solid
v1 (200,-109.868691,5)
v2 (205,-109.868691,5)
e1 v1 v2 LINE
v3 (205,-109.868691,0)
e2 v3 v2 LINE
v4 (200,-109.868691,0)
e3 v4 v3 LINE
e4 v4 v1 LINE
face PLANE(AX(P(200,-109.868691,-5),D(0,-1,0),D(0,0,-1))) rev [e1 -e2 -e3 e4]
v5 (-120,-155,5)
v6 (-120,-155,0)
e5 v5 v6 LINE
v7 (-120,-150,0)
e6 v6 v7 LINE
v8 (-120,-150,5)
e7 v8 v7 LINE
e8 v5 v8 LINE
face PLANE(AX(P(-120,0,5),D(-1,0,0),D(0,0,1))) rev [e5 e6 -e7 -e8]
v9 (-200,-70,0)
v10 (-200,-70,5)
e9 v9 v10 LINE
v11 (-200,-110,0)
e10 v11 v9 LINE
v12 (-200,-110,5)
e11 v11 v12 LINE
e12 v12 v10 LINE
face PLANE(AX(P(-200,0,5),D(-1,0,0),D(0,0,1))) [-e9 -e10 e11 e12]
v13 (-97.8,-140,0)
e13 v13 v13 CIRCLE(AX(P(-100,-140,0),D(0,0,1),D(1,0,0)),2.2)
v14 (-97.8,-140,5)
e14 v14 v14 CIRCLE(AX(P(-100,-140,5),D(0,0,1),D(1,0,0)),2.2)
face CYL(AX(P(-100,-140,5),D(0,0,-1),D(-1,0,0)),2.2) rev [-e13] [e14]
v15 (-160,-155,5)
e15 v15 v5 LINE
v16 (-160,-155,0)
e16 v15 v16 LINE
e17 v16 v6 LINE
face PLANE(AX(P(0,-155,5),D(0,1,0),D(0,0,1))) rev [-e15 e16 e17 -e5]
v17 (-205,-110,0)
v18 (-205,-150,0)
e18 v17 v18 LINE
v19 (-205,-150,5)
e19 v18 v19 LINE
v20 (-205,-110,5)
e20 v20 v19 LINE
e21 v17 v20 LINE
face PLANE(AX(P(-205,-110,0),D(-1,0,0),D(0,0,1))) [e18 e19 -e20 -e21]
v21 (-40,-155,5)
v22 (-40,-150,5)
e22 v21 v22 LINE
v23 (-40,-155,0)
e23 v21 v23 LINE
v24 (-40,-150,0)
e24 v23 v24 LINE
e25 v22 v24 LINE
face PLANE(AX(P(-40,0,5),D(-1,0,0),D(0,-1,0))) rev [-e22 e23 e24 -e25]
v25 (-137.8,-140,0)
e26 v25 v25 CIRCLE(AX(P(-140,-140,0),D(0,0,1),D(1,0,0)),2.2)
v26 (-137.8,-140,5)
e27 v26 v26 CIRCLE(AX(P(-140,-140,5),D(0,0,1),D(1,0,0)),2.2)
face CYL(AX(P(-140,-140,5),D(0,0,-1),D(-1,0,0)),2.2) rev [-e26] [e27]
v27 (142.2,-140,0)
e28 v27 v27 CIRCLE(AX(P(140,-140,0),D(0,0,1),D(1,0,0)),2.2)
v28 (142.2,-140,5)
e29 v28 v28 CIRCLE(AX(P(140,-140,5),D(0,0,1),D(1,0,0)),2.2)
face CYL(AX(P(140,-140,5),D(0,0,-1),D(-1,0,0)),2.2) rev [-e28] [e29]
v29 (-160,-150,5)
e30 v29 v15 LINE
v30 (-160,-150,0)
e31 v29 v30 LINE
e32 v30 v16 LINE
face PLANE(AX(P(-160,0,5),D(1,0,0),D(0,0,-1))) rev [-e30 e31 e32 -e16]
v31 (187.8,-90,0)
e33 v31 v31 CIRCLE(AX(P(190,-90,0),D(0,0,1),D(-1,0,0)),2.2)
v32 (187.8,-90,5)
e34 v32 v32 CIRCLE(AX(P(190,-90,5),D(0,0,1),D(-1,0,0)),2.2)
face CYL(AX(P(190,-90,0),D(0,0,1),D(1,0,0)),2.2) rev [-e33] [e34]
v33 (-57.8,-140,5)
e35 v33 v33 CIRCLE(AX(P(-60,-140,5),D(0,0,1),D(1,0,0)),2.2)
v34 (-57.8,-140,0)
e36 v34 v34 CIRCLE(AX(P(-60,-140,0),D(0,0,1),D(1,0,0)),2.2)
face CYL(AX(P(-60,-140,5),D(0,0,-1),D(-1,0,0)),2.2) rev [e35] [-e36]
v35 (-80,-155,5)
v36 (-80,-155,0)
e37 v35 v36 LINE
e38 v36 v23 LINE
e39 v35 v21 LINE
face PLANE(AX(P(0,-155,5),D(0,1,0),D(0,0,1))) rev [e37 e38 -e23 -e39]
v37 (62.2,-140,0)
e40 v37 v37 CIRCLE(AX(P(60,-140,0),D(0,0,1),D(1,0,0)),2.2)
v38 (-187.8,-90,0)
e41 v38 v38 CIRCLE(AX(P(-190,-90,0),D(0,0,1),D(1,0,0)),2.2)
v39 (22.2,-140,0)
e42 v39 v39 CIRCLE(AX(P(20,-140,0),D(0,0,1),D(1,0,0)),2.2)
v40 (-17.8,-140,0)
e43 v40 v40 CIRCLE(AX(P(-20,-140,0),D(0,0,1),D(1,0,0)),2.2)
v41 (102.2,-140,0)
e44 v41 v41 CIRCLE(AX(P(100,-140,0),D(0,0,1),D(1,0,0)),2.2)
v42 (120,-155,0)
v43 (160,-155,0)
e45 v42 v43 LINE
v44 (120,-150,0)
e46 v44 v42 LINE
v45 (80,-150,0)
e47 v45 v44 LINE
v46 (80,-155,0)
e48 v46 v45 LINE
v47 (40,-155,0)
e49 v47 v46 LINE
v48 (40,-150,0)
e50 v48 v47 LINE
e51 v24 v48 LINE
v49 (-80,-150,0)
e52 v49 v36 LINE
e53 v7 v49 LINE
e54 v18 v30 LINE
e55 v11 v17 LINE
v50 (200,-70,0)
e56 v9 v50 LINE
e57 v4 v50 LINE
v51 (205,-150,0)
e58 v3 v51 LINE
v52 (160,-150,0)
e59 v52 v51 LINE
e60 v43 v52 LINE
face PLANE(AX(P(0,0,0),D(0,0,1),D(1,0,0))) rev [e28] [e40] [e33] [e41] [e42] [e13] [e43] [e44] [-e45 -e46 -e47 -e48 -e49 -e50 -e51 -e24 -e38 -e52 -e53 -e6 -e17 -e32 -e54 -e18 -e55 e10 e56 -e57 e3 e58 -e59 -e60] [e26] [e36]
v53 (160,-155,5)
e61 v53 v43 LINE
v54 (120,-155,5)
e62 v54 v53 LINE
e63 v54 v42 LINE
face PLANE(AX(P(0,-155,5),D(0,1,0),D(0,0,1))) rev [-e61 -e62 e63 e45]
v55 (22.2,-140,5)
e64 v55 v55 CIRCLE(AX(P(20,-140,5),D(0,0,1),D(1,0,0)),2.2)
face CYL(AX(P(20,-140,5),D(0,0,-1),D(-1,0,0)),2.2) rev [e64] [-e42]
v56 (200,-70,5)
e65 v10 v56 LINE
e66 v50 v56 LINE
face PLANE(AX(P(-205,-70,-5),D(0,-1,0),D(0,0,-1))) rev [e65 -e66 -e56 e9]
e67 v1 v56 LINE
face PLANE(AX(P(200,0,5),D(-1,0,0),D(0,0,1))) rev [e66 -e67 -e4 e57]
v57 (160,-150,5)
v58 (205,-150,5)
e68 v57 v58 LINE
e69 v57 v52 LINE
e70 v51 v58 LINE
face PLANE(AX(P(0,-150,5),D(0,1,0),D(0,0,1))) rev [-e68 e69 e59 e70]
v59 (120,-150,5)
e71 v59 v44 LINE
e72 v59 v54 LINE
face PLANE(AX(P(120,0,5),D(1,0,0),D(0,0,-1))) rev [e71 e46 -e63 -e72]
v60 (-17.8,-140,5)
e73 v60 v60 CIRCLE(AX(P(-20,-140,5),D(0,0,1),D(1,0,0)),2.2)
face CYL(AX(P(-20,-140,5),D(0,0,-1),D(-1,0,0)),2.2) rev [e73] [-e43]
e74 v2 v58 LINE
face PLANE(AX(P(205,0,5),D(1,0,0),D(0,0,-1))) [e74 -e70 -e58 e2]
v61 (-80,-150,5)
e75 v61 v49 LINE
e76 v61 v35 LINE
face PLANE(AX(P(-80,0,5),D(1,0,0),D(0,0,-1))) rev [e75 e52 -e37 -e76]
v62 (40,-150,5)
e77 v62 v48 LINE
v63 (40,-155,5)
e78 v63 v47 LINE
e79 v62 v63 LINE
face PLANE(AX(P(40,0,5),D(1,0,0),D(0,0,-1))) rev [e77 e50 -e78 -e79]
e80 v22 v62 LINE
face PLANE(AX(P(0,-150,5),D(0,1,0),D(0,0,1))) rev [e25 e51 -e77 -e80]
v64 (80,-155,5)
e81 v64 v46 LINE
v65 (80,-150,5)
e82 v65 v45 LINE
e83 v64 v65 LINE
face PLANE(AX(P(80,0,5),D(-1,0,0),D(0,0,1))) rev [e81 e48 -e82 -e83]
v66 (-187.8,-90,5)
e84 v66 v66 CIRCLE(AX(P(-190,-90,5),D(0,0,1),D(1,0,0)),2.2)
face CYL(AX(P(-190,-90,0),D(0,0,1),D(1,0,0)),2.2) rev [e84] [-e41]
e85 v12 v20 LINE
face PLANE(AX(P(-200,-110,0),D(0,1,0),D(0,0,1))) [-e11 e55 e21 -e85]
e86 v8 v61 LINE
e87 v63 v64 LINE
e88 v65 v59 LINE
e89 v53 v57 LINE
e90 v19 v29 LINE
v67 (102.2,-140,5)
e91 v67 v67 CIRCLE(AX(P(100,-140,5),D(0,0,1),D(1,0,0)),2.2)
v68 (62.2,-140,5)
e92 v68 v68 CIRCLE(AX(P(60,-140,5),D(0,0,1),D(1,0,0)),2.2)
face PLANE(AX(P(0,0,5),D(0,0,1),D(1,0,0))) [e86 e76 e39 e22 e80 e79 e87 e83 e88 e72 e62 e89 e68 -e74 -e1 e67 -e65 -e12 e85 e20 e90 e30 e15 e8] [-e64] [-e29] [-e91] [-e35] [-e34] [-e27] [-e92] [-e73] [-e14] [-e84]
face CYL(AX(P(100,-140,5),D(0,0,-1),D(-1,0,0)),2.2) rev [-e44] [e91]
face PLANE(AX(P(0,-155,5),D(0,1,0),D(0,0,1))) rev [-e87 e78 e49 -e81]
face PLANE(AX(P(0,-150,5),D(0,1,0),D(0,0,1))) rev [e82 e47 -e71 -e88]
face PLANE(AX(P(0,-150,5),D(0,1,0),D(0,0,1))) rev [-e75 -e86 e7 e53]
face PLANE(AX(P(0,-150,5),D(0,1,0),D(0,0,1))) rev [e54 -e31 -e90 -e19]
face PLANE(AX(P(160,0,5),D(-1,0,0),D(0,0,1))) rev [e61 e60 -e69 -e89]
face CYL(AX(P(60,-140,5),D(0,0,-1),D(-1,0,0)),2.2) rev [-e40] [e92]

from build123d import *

# Parameters (mm, degrees)
SKETCH_1_R          = 2.2
EXTRUDE_1_DEPTH     = 5
SKETCH_2_W          = 5
SKETCH_2_H          = 220.282443136
SKETCH_2_H_2        = 219.868690955
CUT_EXTRUDE_1_DEPTH = 10
SKETCH_3_W          = 5
SKETCH_3_H          = 40
EXTRUDE_3_DEPTH     = 5
SKETCH_4_W          = 390.4211829
SKETCH_4_H          = 264.690207343
EXTRUDE_4_DEPTH     = 5
SKETCH_5_R          = 2.2
CUT_EXTRUDE_2_DEPTH = 5
SKETCH_6_W          = 410
SKETCH_6_H          = 266.694039068
CUT_EXTRUDE_4_DEPTH = 10


with BuildPart() as part:
    # 草图1 → 凸台-拉伸1 (new body)
    with BuildSketch(Plane.XY):
        Polygon((-200, 150), (200, 150), (200, 110), (205, 110), (205, 70), (200, 70), (200, 30), (205, 30), (205, -30), (200, -30), (200, -70), (205, -70), (205, -110), (200, -110), (200, -150), (160, -150), (160, -155), (120, -155), (120, -150), (80, -150), (80, -155), (40, -155), (40, -150), (-40, -150), (-40, -155), (-80, -155), (-80, -150), (-120, -150), (-120, -155), (-160, -155), (-160, -150), (-200, -150), (-200, -110), (-205, -110), (-205, -70), (-200, -70), (-200, -30), (-205, -30), (-205, 30), (-200, 30), (-200, 70), (-205, 70), (-205, 110), (-200, 110), align=None)
        with Locations((-140, -140)):
            Circle(SKETCH_1_R, mode=Mode.SUBTRACT)
        with Locations((-100, -140)):
            Circle(SKETCH_1_R, mode=Mode.SUBTRACT)
        with Locations((-60, -140)):
            Circle(SKETCH_1_R, mode=Mode.SUBTRACT)
        with Locations((-20, -140)):
            Circle(SKETCH_1_R, mode=Mode.SUBTRACT)
        with Locations((20, -140)):
            Circle(SKETCH_1_R, mode=Mode.SUBTRACT)
        with Locations((60, -140)):
            Circle(SKETCH_1_R, mode=Mode.SUBTRACT)
        with Locations((100, -140)):
            Circle(SKETCH_1_R, mode=Mode.SUBTRACT)
        with Locations((140, -140)):
            Circle(SKETCH_1_R, mode=Mode.SUBTRACT)
        with Locations((-190, 110)):
            Circle(SKETCH_1_R, mode=Mode.SUBTRACT)
        with Locations((-190, 70)):
            Circle(SKETCH_1_R, mode=Mode.SUBTRACT)
        with Locations((-190, 30)):
            Circle(SKETCH_1_R, mode=Mode.SUBTRACT)
        with Locations((-190, -30)):
            Circle(SKETCH_1_R, mode=Mode.SUBTRACT)
        with Locations((-190, -70)):
            Circle(SKETCH_1_R, mode=Mode.SUBTRACT)
        with Locations((-190, -110)):
            Circle(SKETCH_1_R, mode=Mode.SUBTRACT)
        with Locations((190, -110)):
            Circle(SKETCH_1_R, mode=Mode.SUBTRACT)
        with Locations((190, -70)):
            Circle(SKETCH_1_R, mode=Mode.SUBTRACT)
        with Locations((190, -30)):
            Circle(SKETCH_1_R, mode=Mode.SUBTRACT)
        with Locations((190, 30)):
            Circle(SKETCH_1_R, mode=Mode.SUBTRACT)
        with Locations((190, 70)):
            Circle(SKETCH_1_R, mode=Mode.SUBTRACT)
        with Locations((190, 110)):
            Circle(SKETCH_1_R, mode=Mode.SUBTRACT)
    extrude(amount=EXTRUDE_1_DEPTH)

    # 草图2 → 切除-拉伸1 (cut)
    with BuildSketch(Plane.XY.offset(5)):
        with Locations((-202.5, -0.141221568)):
            Rectangle(SKETCH_2_W, SKETCH_2_H)
        with Locations((202.5, 0.065654522)):
            Rectangle(SKETCH_2_W, SKETCH_2_H_2)
    extrude(amount=-CUT_EXTRUDE_1_DEPTH, mode=Mode.SUBTRACT)

    # 草图3 → 凸台-拉伸3 (add)
    with BuildSketch(Plane.XY.offset(5)):
        with Locations((-202.5, 130)):
            Rectangle(SKETCH_3_W, SKETCH_3_H)
        with Locations((-202.5, 50)):
            Rectangle(SKETCH_3_W, SKETCH_3_H)
        with Locations((-202.5, -50)):
            Rectangle(SKETCH_3_W, SKETCH_3_H)
        with Locations((-202.5, -130)):
            Rectangle(SKETCH_3_W, SKETCH_3_H)
        with Locations((202.5, -130)):
            Rectangle(SKETCH_3_W, SKETCH_3_H)
        with Locations((202.5, -50)):
            Rectangle(SKETCH_3_W, SKETCH_3_H)
        with Locations((202.5, 50)):
            Rectangle(SKETCH_3_W, SKETCH_3_H)
        with Locations((202.5, 130)):
            Rectangle(SKETCH_3_W, SKETCH_3_H)
    extrude(amount=-EXTRUDE_3_DEPTH)

    # 草图4 → 凸台-拉伸4 (add)
    with BuildSketch(Plane.XY.offset(5)):
        with Locations((1.806920954, 7.46039962)):
            Rectangle(SKETCH_4_W, SKETCH_4_H)
    extrude(amount=-EXTRUDE_4_DEPTH)

    # 草图5 → 切除-拉伸2 (cut)
    with BuildSketch(Plane.XY.offset(5)):
        with Locations((-190, 90)):
            Circle(SKETCH_5_R)
        with Locations((-190, 50)):
            Circle(SKETCH_5_R)
        with Locations((-190, 0)):
            Circle(SKETCH_5_R)
        with Locations((-190, -50)):
            Circle(SKETCH_5_R)
        with Locations((-190, -90)):
            Circle(SKETCH_5_R)
        with Locations(Location((190, -90, 0), (0, 0, 180))):
            Circle(SKETCH_5_R)
        with Locations(Location((190, -50, 0), (0, 0, 180))):
            Circle(SKETCH_5_R)
        with Locations(Location((190, 0, 0), (0, 0, 180))):
            Circle(SKETCH_5_R)
        with Locations(Location((190, 50, 0), (0, 0, 180))):
            Circle(SKETCH_5_R)
        with Locations(Location((190, 90, 0), (0, 0, 180))):
            Circle(SKETCH_5_R)
    extrude(amount=-CUT_EXTRUDE_2_DEPTH, mode=Mode.SUBTRACT)

    # 草图6 → 切除-拉伸4 (cut)
    with BuildSketch(Plane.XY.offset(5)):
        with Locations((0, 63.347019534)):
            Rectangle(SKETCH_6_W, SKETCH_6_H)
    extrude(amount=-CUT_EXTRUDE_4_DEPTH, mode=Mode.SUBTRACT)


solid = part.part
